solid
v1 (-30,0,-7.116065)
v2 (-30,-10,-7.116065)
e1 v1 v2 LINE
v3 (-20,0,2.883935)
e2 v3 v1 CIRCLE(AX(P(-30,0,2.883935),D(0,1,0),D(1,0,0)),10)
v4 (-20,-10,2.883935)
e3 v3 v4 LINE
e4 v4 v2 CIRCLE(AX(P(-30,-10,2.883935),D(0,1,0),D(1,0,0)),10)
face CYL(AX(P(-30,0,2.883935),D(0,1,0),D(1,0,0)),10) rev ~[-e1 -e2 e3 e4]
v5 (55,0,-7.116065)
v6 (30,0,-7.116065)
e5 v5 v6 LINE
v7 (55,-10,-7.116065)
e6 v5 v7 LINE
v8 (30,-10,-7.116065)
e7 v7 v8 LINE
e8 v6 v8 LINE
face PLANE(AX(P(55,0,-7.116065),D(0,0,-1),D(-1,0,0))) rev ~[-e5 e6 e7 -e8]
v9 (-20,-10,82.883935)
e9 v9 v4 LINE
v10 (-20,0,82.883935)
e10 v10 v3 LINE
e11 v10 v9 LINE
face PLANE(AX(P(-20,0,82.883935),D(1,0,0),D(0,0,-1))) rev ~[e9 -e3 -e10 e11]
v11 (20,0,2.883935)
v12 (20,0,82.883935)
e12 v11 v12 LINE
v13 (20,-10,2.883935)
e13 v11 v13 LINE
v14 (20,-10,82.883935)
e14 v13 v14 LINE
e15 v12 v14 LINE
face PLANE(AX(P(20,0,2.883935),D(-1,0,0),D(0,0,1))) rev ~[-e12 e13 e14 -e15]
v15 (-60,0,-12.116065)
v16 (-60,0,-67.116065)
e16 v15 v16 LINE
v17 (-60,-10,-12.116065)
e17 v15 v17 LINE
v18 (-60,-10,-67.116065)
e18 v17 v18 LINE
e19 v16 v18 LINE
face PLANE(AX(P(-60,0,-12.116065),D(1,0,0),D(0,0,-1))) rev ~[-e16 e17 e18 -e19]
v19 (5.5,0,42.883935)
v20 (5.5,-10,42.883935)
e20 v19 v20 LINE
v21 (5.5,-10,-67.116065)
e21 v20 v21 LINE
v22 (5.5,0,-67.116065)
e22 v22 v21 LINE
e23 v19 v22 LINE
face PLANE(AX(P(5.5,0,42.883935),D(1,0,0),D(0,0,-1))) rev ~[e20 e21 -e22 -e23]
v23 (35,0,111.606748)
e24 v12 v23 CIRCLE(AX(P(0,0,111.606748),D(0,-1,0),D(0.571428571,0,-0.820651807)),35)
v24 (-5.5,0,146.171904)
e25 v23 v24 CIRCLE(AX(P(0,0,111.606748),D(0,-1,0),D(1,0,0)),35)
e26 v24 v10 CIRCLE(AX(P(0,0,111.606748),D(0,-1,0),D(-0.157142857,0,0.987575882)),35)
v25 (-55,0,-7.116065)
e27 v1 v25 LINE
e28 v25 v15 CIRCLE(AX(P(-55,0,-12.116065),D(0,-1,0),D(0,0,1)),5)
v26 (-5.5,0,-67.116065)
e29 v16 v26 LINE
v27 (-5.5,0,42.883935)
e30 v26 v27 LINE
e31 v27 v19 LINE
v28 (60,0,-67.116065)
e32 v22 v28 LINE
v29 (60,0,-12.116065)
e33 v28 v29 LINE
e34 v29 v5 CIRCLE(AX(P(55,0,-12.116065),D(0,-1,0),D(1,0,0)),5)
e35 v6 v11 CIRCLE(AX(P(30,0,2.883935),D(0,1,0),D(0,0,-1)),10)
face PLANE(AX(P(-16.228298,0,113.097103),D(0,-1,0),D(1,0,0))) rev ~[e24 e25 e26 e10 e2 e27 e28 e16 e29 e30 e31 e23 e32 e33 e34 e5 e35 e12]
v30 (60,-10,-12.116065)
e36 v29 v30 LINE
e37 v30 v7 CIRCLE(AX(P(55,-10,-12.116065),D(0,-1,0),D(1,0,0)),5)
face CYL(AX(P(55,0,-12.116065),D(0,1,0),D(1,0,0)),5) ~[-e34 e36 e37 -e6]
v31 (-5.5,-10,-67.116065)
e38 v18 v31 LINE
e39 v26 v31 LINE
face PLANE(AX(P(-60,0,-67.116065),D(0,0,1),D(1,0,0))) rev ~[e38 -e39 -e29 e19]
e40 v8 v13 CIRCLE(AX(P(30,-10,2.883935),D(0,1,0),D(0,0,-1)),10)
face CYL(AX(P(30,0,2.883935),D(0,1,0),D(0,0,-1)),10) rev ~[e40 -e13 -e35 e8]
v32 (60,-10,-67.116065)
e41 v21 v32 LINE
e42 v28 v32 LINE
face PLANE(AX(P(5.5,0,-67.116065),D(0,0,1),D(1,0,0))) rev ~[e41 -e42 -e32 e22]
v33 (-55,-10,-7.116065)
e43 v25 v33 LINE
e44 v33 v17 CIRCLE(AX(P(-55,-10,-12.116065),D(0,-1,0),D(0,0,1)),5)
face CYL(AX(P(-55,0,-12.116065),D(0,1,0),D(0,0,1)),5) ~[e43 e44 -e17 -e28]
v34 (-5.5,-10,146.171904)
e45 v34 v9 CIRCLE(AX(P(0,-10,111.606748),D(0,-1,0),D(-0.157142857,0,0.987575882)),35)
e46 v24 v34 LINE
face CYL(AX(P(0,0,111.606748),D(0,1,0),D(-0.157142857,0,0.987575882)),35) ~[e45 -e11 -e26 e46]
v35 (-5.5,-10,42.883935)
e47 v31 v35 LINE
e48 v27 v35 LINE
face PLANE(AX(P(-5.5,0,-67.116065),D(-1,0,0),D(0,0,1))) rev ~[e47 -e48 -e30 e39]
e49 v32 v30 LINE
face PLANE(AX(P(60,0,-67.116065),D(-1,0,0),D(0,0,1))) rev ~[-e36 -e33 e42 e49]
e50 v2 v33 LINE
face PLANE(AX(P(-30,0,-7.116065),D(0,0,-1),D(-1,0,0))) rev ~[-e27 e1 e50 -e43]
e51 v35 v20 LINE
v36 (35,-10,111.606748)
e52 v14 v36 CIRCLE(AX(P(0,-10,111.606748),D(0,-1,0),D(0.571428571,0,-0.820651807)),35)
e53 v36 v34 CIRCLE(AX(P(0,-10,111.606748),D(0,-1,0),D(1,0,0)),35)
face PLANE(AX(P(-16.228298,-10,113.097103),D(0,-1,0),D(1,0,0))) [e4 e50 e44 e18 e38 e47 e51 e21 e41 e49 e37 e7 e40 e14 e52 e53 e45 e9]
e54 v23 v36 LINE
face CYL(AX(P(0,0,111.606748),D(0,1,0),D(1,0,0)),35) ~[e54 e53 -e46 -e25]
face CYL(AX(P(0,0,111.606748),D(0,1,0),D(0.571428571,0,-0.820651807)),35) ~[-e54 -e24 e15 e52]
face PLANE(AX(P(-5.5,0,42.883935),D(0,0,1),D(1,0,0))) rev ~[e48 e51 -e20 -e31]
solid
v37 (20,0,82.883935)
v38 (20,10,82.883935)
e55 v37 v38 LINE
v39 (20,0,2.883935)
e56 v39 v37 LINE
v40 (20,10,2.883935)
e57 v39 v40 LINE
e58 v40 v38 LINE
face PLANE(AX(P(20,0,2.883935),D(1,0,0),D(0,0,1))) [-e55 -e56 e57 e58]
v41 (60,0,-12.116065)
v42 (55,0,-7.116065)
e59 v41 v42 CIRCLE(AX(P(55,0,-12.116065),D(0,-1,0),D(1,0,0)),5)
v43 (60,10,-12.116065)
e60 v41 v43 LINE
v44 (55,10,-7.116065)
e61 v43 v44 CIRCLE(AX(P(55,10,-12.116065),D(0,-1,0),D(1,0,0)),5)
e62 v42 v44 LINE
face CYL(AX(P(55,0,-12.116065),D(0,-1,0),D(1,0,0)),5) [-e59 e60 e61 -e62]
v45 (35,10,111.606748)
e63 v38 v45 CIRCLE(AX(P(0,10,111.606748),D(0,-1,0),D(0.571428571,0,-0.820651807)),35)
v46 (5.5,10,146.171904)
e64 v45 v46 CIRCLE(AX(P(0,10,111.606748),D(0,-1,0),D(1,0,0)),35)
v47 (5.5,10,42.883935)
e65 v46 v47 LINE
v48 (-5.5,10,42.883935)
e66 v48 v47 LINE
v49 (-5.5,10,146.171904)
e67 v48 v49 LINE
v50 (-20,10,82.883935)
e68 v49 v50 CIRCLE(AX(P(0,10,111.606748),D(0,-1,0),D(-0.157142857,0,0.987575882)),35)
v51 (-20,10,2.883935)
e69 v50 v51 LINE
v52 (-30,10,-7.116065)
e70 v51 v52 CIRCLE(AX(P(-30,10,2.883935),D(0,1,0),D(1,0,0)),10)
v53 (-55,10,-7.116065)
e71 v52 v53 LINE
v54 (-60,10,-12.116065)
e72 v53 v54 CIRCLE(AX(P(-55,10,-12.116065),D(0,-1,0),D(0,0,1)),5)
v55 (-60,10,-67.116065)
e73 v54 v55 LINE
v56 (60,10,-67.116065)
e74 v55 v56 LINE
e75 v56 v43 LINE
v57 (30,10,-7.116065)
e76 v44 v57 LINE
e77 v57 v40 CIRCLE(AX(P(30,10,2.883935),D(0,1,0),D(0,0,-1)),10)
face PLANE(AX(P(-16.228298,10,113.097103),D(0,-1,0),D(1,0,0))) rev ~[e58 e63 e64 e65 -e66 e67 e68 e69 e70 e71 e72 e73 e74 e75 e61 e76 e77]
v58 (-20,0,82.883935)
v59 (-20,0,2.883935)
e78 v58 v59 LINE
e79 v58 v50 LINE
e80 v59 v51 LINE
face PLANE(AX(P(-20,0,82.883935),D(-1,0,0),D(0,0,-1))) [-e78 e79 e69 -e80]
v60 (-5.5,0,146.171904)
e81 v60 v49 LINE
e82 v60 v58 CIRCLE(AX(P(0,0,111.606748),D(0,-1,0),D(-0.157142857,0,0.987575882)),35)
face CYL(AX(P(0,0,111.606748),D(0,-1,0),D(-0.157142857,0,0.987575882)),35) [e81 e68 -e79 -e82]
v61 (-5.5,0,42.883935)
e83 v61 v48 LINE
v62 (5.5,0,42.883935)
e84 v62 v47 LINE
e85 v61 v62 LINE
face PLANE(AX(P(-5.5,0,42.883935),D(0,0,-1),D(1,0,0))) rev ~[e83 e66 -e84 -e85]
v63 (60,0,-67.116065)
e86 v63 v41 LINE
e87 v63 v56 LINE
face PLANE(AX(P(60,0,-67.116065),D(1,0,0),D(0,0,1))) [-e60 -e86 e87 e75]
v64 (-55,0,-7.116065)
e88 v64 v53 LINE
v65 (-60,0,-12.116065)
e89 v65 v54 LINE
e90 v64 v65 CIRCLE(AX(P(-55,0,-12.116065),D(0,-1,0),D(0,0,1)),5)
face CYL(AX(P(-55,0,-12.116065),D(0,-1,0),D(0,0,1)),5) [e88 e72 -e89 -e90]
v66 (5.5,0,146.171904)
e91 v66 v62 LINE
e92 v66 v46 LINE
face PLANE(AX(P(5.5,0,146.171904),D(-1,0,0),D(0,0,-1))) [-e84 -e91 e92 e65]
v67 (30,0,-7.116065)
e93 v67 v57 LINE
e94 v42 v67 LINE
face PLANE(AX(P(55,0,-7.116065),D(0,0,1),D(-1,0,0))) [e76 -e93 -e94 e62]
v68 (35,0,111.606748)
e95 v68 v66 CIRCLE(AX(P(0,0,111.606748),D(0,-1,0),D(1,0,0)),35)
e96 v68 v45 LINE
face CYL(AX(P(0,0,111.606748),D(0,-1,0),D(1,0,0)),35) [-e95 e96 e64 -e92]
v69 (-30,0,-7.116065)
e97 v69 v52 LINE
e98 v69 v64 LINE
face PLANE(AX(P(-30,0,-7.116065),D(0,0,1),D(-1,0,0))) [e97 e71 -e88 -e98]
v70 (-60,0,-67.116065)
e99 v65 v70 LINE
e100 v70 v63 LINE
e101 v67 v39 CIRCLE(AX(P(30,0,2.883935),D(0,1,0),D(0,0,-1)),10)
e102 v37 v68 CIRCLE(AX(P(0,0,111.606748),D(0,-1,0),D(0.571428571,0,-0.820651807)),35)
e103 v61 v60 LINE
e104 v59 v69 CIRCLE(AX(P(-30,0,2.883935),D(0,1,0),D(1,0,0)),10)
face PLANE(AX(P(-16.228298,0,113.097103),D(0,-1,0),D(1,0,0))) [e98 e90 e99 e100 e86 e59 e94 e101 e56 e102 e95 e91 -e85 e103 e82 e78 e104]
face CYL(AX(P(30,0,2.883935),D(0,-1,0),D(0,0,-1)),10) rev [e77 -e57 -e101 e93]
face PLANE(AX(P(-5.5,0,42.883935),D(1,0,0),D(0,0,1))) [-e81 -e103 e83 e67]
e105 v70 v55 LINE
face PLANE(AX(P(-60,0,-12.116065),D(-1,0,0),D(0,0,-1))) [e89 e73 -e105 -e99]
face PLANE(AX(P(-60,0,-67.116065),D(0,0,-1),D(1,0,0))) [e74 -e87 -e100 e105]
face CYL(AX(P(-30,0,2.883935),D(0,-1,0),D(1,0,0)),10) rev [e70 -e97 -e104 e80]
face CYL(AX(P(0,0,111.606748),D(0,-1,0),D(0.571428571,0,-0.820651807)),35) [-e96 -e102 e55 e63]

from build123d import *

# Parameters (mm, degrees)
F0_W     = 11
F0_H     = 63.2879690981
F1_DEPTH = 10
F0_H_2   = 60
F0_H_3   = 50
F2_DEPTH = 10


with BuildPart() as f1:
    # F0 (on Front) → F1 (new body)
    with BuildSketch(Plane.XZ):
        with BuildLine():
            Line((-5.5, 82.8839345293), (-5.5, 146.1719036274))
            ThreePointArc((-5.5, 146.1719036274), (-34.1160410678, 119.4231242793), (-20, 82.8839345293))
            Line((-20, 82.8839345293), (-5.5, 82.8839345293))
        make_face()
        with Locations((0, 114.5279190784)):
            Rectangle(F0_W, F0_H)
        with BuildLine():
            ThreePointArc((20, 82.8839345293), (31.024184115, 95.404896016), (35, 111.606747762))
            ThreePointArc((35, 111.606747762), (26.6223590239, 134.327883297), (5.5, 146.1719036274))
            Line((5.5, 146.1719036274), (5.5, 82.8839345293))
            Line((5.5, 82.8839345293), (20, 82.8839345293))
        make_face()
        with BuildLine():
            ThreePointArc((5.5, 77.0415918966), (13.0803570998, 79.142856157), (20, 82.8839345293))
            Line((20, 82.8839345293), (5.5, 82.8839345293))
            Line((5.5, 82.8839345293), (5.5, 77.0415918966))
        make_face()
        with BuildLine():
            Line((5.5, 77.0415918966), (5.5, 82.8839345293))
            Line((5.5, 82.8839345293), (-5.5, 82.8839345293))
            Line((-5.5, 82.8839345293), (-5.5, 77.0415918966))
            ThreePointArc((-5.5, 77.0415918966), (0, 76.606747762), (5.5, 77.0415918966))
        make_face()
        with BuildLine():
            Line((-5.5, 82.8839345293), (-20, 82.8839345293))
            ThreePointArc((-20, 82.8839345293), (-13.0803570998, 79.142856157), (-5.5, 77.0415918966))
            Line((-5.5, 77.0415918966), (-5.5, 82.8839345293))
        make_face()
        with BuildLine():
            ThreePointArc((-5.5, 77.0415918966), (-13.0803570998, 79.142856157), (-20, 82.8839345293))
            Line((-20, 82.8839345293), (-20, 2.8839345293))
            ThreePointArc((-20, 2.8839345293), (-22.9289321881, -4.1871332825), (-30, -7.1160654707))
            Line((-30, -7.1160654707), (-55, -7.1160654707))
            ThreePointArc((-55, -7.1160654707), (-58.5355339059, -8.5805315647), (-60, -12.1160654707))
            Line((-60, -12.1160654707), (-60, -67.1160654707))
            Line((-60, -67.1160654707), (-5.5, -67.1160654707))
            Line((-5.5, -67.1160654707), (-5.5, -7.1160654707))
            Line((-5.5, -7.1160654707), (-5.5, 42.8839345293))
            Line((-5.5, 42.8839345293), (-5.5, 77.0415918966))
        make_face()
        with BuildLine():
            Line((20, 2.8839345293), (20, 82.8839345293))
            ThreePointArc((20, 82.8839345293), (13.0803570998, 79.142856157), (5.5, 77.0415918966))
            Line((5.5, 77.0415918966), (5.5, 42.8839345293))
            Line((5.5, 42.8839345293), (5.5, -7.1160654707))
            Line((5.5, -7.1160654707), (5.5, -67.1160654707))
            Line((5.5, -67.1160654707), (60, -67.1160654707))
            Line((60, -67.1160654707), (60, -12.1160654707))
            ThreePointArc((60, -12.1160654707), (58.5355339059, -8.5805315647), (55, -7.1160654707))
            Line((55, -7.1160654707), (30, -7.1160654707))
            ThreePointArc((30, -7.1160654707), (22.9289321881, -4.1871332825), (20, 2.8839345293))
        make_face()
        with BuildLine():
            Line((5.5, 42.8839345293), (5.5, 77.0415918966))
            ThreePointArc((5.5, 77.0415918966), (0, 76.606747762), (-5.5, 77.0415918966))
            Line((-5.5, 77.0415918966), (-5.5, 42.8839345293))
            Line((-5.5, 42.8839345293), (5.5, 42.8839345293))
        make_face()
        with BuildLine():
            Line((-5.5, 146.1719036274), (5.5, 146.1719036274))
            ThreePointArc((5.5, 146.1719036274), (0, 146.606747762), (-5.5, 146.1719036274))
        make_face()
    extrude(amount=F1_DEPTH)


with BuildPart() as f2:
    # F0 (on Front) → F2 (new body)
    with BuildSketch(Plane.XZ):
        with BuildLine():
            Line((-5.5, 82.8839345293), (-5.5, 146.1719036274))
            ThreePointArc((-5.5, 146.1719036274), (-34.1160410678, 119.4231242793), (-20, 82.8839345293))
            Line((-20, 82.8839345293), (-5.5, 82.8839345293))
        make_face()
        with BuildLine():
            ThreePointArc((20, 82.8839345293), (31.024184115, 95.404896016), (35, 111.606747762))
            ThreePointArc((35, 111.606747762), (26.6223590239, 134.327883297), (5.5, 146.1719036274))
            Line((5.5, 146.1719036274), (5.5, 82.8839345293))
            Line((5.5, 82.8839345293), (20, 82.8839345293))
        make_face()
        with BuildLine():
            Line((-5.5, 82.8839345293), (-20, 82.8839345293))
            ThreePointArc((-20, 82.8839345293), (-13.0803570998, 79.142856157), (-5.5, 77.0415918966))
            Line((-5.5, 77.0415918966), (-5.5, 82.8839345293))
        make_face()
        with BuildLine():
            ThreePointArc((5.5, 77.0415918966), (13.0803570998, 79.142856157), (20, 82.8839345293))
            Line((20, 82.8839345293), (5.5, 82.8839345293))
            Line((5.5, 82.8839345293), (5.5, 77.0415918966))
        make_face()
        with Locations((0, -37.1160654707)):
            Rectangle(F0_W, F0_H_2)
        with BuildLine():
            ThreePointArc((-5.5, 77.0415918966), (-13.0803570998, 79.142856157), (-20, 82.8839345293))
            Line((-20, 82.8839345293), (-20, 2.8839345293))
            ThreePointArc((-20, 2.8839345293), (-22.9289321881, -4.1871332825), (-30, -7.1160654707))
            Line((-30, -7.1160654707), (-55, -7.1160654707))
            ThreePointArc((-55, -7.1160654707), (-58.5355339059, -8.5805315647), (-60, -12.1160654707))
            Line((-60, -12.1160654707), (-60, -67.1160654707))
            Line((-60, -67.1160654707), (-5.5, -67.1160654707))
            Line((-5.5, -67.1160654707), (-5.5, -7.1160654707))
            Line((-5.5, -7.1160654707), (-5.5, 42.8839345293))
            Line((-5.5, 42.8839345293), (-5.5, 77.0415918966))
        make_face()
        with BuildLine():
            Line((20, 2.8839345293), (20, 82.8839345293))
            ThreePointArc((20, 82.8839345293), (13.0803570998, 79.142856157), (5.5, 77.0415918966))
            Line((5.5, 77.0415918966), (5.5, 42.8839345293))
            Line((5.5, 42.8839345293), (5.5, -7.1160654707))
            Line((5.5, -7.1160654707), (5.5, -67.1160654707))
            Line((5.5, -67.1160654707), (60, -67.1160654707))
            Line((60, -67.1160654707), (60, -12.1160654707))
            ThreePointArc((60, -12.1160654707), (58.5355339059, -8.5805315647), (55, -7.1160654707))
            Line((55, -7.1160654707), (30, -7.1160654707))
            ThreePointArc((30, -7.1160654707), (22.9289321881, -4.1871332825), (20, 2.8839345293))
        make_face()
        with Locations((0, 17.8839345293)):
            Rectangle(F0_W, F0_H_3)
    extrude(amount=-F2_DEPTH)


solid = Compound([f1.part, f2.part])
